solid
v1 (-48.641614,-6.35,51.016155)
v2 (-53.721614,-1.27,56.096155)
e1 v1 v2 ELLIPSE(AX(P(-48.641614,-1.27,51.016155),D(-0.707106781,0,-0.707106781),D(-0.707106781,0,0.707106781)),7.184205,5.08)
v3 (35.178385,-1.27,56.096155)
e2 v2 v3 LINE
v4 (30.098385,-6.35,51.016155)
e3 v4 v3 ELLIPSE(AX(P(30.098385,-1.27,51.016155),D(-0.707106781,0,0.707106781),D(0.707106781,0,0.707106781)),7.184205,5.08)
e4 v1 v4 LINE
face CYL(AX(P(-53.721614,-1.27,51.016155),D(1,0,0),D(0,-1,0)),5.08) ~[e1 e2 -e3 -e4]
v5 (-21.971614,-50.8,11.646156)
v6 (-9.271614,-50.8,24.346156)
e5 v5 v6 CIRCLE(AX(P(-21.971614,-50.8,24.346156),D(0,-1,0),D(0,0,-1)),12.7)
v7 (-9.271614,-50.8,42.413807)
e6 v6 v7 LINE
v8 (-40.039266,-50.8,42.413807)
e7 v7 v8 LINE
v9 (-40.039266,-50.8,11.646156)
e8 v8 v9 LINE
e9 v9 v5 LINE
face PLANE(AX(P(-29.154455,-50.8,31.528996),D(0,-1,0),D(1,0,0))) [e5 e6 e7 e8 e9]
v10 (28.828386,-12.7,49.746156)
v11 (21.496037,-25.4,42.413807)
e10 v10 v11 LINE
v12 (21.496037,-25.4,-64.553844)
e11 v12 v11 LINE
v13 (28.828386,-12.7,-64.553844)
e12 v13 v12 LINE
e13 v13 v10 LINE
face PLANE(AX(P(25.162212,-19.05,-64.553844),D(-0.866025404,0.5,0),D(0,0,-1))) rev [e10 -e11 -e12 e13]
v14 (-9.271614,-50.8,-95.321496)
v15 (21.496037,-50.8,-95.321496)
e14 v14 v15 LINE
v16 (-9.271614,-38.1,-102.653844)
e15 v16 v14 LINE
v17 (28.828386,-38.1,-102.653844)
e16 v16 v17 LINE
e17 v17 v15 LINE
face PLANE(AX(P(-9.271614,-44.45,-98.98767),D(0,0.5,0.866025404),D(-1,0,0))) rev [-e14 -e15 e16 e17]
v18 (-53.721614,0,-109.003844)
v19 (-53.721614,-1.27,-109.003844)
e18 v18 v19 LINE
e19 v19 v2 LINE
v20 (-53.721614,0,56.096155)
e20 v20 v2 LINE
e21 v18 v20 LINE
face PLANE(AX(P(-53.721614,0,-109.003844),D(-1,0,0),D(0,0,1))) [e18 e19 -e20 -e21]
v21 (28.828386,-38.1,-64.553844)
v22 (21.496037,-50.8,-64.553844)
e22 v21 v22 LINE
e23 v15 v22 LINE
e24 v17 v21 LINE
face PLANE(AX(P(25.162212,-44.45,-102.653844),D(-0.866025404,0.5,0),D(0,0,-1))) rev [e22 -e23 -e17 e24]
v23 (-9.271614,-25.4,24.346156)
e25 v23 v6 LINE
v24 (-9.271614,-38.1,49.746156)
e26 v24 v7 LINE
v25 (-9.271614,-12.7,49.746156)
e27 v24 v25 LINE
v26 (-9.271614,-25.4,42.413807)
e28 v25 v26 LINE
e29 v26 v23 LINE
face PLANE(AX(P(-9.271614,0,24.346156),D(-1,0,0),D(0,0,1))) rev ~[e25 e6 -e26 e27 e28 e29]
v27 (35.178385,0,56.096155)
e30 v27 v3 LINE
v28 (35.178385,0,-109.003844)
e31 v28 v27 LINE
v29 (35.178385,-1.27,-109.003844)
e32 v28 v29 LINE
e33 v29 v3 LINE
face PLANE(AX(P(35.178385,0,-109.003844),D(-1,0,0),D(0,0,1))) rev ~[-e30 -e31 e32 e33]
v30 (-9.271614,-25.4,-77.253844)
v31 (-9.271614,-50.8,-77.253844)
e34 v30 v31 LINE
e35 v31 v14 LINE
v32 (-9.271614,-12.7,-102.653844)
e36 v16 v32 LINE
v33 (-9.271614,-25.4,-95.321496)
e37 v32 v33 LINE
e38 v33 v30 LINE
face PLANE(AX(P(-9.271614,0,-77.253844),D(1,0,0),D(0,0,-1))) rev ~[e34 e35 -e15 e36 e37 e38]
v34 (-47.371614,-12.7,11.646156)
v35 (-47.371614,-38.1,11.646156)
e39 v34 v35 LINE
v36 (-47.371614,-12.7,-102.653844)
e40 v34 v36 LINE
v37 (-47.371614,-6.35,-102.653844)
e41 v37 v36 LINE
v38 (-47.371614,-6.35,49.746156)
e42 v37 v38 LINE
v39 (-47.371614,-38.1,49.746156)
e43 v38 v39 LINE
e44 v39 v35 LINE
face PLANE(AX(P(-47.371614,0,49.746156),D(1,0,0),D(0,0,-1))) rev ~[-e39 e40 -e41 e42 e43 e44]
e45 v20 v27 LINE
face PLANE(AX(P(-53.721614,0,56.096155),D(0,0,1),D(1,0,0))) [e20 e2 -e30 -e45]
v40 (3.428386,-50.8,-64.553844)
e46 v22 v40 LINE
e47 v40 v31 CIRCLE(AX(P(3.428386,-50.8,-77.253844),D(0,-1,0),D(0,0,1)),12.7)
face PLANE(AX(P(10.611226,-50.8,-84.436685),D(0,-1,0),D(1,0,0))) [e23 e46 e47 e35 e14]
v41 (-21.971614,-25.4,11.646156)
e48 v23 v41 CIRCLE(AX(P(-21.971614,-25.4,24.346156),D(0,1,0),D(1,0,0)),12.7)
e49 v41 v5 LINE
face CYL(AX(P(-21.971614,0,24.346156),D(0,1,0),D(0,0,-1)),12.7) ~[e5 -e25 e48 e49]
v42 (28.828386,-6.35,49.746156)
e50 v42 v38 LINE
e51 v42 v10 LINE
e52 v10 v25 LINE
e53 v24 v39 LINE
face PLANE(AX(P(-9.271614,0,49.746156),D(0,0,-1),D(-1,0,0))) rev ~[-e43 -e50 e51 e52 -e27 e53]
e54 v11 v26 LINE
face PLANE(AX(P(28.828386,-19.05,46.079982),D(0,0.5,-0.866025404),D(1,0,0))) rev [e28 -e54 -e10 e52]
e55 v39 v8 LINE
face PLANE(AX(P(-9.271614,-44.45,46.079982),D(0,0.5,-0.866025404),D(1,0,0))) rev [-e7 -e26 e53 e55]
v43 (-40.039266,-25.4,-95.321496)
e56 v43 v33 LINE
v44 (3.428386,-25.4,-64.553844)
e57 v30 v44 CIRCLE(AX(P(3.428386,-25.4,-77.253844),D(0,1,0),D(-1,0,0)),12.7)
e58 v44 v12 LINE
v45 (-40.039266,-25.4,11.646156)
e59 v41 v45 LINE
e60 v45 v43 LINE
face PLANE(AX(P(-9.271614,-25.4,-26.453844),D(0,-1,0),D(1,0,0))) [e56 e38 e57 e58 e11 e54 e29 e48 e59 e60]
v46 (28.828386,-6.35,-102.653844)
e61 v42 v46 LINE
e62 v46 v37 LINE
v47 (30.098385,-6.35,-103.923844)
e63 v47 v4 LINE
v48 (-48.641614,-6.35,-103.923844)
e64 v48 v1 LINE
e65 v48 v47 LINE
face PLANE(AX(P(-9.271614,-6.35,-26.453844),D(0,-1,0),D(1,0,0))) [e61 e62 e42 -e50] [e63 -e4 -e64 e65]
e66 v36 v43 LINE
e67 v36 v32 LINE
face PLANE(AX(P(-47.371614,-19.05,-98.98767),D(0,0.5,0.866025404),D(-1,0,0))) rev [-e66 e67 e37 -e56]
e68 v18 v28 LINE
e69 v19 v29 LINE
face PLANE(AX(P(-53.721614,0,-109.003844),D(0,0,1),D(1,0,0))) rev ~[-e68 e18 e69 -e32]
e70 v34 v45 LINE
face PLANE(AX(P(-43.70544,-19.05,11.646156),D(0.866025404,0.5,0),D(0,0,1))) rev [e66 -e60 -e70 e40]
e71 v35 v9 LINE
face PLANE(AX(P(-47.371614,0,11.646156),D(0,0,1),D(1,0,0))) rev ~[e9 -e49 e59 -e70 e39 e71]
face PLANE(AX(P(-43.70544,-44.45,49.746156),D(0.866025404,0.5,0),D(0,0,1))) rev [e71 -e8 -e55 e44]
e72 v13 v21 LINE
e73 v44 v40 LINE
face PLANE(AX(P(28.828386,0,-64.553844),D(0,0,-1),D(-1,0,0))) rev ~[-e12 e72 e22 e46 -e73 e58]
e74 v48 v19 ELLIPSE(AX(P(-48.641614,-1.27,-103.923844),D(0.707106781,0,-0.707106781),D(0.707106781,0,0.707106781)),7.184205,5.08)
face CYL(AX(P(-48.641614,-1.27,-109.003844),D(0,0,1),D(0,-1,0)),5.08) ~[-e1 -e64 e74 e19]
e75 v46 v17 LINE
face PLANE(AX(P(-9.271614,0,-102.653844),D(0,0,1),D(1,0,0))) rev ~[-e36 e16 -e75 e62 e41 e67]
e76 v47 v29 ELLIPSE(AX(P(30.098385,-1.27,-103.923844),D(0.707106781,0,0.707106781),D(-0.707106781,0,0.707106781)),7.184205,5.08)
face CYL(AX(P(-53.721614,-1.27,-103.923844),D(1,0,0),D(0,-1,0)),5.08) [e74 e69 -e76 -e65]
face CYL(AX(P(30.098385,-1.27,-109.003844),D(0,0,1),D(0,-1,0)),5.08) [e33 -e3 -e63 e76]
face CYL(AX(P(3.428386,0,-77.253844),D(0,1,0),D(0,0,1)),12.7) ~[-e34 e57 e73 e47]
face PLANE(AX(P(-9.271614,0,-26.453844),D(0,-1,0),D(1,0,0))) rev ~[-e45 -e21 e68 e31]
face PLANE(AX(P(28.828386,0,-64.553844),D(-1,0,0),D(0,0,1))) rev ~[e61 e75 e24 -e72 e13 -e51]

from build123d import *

# Parameters (mm, degrees)
F0_W     = 88.8999989152
F0_H     = 165.0999989152
F1_DEPTH = 6.35
F2_DEPTH = 25.4
F3_DEPTH = 50.8
F4_R     = 5.08
F5_SIZE2 = 7.3323484187
F5_SIZE  = 12.7


with BuildPart() as f1:
    # F0 (on Front) → F1 (new body)
    with BuildSketch(Plane.XZ):
        with Locations((-9.271614182, -26.4538442612)):
            Rectangle(F0_W, F0_H)
        Polygon((-47.371614182, 11.6461557388), (-47.371614182, 49.7461557388), (-9.271614182, 49.7461557388), (28.828385818, 49.7461557388), (28.828385818, -64.5538442612), (28.828385818, -102.6538442612), (-9.271614182, -102.6538442612), (-47.371614182, -102.6538442612), align=None, mode=Mode.SUBTRACT)
    extrude(amount=F1_DEPTH)

    # F0 (on Front) → F2 (join)
    with BuildSketch(Plane.XZ):
        with BuildLine():
            Line((-21.971614182, 11.6461557388), (-47.371614182, 11.6461557388))
            Line((-47.371614182, 11.6461557388), (-47.371614182, -102.6538442612))
            Line((-47.371614182, -102.6538442612), (-9.271614182, -102.6538442612))
            Line((-9.271614182, -102.6538442612), (-9.271614182, -77.2538442612))
            ThreePointArc((-9.271614182, -77.2538442612), (-5.5518703031, -68.2735881401), (3.428385818, -64.5538442612))
            Line((3.428385818, -64.5538442612), (28.828385818, -64.5538442612))
            Line((28.828385818, -64.5538442612), (28.828385818, 49.7461557388))
            Line((28.828385818, 49.7461557388), (-9.271614182, 49.7461557388))
            Line((-9.271614182, 49.7461557388), (-9.271614182, 24.3461557388))
            ThreePointArc((-9.271614182, 24.3461557388), (-12.9913580609, 15.3658996178), (-21.971614182, 11.6461557388))
        make_face()
    extrude(amount=F2_DEPTH)

    # F0 (on Front) → F3 (join)
    with BuildSketch(Plane.XZ):
        with BuildLine():
            Line((-9.271614182, 49.7461557388), (-47.371614182, 49.7461557388))
            Line((-47.371614182, 49.7461557388), (-47.371614182, 11.6461557388))
            Line((-47.371614182, 11.6461557388), (-21.971614182, 11.6461557388))
            ThreePointArc((-21.971614182, 11.6461557388), (-12.9913580609, 15.3658996178), (-9.271614182, 24.3461557388))
            Line((-9.271614182, 24.3461557388), (-9.271614182, 49.7461557388))
        make_face()
        with BuildLine():
            Line((-9.271614182, -77.2538442612), (-9.271614182, -102.6538442612))
            Line((-9.271614182, -102.6538442612), (28.828385818, -102.6538442612))
            Line((28.828385818, -102.6538442612), (28.828385818, -64.5538442612))
            Line((28.828385818, -64.5538442612), (3.428385818, -64.5538442612))
            ThreePointArc((3.428385818, -64.5538442612), (-5.5518703031, -68.2735881401), (-9.271614182, -77.2538442612))
        make_face()
    extrude(amount=F3_DEPTH)

    # F4
    f4_edges = [f1.edges().sort_by_distance(p)[0] for p in [
        (35.178385, -6.35, -26.453844),
        (-9.271614, -6.35, -109.003844),
        (-53.721614, -6.35, -26.453844),
        (-9.271614, -6.35, 56.096155),
    ]]
    fillet(f4_edges, radius=F4_R)

    # F5
    f5_edges = [f1.edges().sort_by_distance(p)[0] for p in [
        (-47.371614, -50.8, 30.696156),
        (-28.321614, -50.8, 49.746156),
        (9.778386, -50.8, -102.653844),
        (28.828386, -50.8, -83.603844),
        (28.828386, -25.4, -7.403844),
        (-47.371614, -25.4, -45.503844),
        (-28.321614, -25.4, -102.653844),
        (9.778386, -25.4, 49.746156),
    ]]
    chamfer(f5_edges, length=F5_SIZE, length2=F5_SIZE2)


solid = f1.part
